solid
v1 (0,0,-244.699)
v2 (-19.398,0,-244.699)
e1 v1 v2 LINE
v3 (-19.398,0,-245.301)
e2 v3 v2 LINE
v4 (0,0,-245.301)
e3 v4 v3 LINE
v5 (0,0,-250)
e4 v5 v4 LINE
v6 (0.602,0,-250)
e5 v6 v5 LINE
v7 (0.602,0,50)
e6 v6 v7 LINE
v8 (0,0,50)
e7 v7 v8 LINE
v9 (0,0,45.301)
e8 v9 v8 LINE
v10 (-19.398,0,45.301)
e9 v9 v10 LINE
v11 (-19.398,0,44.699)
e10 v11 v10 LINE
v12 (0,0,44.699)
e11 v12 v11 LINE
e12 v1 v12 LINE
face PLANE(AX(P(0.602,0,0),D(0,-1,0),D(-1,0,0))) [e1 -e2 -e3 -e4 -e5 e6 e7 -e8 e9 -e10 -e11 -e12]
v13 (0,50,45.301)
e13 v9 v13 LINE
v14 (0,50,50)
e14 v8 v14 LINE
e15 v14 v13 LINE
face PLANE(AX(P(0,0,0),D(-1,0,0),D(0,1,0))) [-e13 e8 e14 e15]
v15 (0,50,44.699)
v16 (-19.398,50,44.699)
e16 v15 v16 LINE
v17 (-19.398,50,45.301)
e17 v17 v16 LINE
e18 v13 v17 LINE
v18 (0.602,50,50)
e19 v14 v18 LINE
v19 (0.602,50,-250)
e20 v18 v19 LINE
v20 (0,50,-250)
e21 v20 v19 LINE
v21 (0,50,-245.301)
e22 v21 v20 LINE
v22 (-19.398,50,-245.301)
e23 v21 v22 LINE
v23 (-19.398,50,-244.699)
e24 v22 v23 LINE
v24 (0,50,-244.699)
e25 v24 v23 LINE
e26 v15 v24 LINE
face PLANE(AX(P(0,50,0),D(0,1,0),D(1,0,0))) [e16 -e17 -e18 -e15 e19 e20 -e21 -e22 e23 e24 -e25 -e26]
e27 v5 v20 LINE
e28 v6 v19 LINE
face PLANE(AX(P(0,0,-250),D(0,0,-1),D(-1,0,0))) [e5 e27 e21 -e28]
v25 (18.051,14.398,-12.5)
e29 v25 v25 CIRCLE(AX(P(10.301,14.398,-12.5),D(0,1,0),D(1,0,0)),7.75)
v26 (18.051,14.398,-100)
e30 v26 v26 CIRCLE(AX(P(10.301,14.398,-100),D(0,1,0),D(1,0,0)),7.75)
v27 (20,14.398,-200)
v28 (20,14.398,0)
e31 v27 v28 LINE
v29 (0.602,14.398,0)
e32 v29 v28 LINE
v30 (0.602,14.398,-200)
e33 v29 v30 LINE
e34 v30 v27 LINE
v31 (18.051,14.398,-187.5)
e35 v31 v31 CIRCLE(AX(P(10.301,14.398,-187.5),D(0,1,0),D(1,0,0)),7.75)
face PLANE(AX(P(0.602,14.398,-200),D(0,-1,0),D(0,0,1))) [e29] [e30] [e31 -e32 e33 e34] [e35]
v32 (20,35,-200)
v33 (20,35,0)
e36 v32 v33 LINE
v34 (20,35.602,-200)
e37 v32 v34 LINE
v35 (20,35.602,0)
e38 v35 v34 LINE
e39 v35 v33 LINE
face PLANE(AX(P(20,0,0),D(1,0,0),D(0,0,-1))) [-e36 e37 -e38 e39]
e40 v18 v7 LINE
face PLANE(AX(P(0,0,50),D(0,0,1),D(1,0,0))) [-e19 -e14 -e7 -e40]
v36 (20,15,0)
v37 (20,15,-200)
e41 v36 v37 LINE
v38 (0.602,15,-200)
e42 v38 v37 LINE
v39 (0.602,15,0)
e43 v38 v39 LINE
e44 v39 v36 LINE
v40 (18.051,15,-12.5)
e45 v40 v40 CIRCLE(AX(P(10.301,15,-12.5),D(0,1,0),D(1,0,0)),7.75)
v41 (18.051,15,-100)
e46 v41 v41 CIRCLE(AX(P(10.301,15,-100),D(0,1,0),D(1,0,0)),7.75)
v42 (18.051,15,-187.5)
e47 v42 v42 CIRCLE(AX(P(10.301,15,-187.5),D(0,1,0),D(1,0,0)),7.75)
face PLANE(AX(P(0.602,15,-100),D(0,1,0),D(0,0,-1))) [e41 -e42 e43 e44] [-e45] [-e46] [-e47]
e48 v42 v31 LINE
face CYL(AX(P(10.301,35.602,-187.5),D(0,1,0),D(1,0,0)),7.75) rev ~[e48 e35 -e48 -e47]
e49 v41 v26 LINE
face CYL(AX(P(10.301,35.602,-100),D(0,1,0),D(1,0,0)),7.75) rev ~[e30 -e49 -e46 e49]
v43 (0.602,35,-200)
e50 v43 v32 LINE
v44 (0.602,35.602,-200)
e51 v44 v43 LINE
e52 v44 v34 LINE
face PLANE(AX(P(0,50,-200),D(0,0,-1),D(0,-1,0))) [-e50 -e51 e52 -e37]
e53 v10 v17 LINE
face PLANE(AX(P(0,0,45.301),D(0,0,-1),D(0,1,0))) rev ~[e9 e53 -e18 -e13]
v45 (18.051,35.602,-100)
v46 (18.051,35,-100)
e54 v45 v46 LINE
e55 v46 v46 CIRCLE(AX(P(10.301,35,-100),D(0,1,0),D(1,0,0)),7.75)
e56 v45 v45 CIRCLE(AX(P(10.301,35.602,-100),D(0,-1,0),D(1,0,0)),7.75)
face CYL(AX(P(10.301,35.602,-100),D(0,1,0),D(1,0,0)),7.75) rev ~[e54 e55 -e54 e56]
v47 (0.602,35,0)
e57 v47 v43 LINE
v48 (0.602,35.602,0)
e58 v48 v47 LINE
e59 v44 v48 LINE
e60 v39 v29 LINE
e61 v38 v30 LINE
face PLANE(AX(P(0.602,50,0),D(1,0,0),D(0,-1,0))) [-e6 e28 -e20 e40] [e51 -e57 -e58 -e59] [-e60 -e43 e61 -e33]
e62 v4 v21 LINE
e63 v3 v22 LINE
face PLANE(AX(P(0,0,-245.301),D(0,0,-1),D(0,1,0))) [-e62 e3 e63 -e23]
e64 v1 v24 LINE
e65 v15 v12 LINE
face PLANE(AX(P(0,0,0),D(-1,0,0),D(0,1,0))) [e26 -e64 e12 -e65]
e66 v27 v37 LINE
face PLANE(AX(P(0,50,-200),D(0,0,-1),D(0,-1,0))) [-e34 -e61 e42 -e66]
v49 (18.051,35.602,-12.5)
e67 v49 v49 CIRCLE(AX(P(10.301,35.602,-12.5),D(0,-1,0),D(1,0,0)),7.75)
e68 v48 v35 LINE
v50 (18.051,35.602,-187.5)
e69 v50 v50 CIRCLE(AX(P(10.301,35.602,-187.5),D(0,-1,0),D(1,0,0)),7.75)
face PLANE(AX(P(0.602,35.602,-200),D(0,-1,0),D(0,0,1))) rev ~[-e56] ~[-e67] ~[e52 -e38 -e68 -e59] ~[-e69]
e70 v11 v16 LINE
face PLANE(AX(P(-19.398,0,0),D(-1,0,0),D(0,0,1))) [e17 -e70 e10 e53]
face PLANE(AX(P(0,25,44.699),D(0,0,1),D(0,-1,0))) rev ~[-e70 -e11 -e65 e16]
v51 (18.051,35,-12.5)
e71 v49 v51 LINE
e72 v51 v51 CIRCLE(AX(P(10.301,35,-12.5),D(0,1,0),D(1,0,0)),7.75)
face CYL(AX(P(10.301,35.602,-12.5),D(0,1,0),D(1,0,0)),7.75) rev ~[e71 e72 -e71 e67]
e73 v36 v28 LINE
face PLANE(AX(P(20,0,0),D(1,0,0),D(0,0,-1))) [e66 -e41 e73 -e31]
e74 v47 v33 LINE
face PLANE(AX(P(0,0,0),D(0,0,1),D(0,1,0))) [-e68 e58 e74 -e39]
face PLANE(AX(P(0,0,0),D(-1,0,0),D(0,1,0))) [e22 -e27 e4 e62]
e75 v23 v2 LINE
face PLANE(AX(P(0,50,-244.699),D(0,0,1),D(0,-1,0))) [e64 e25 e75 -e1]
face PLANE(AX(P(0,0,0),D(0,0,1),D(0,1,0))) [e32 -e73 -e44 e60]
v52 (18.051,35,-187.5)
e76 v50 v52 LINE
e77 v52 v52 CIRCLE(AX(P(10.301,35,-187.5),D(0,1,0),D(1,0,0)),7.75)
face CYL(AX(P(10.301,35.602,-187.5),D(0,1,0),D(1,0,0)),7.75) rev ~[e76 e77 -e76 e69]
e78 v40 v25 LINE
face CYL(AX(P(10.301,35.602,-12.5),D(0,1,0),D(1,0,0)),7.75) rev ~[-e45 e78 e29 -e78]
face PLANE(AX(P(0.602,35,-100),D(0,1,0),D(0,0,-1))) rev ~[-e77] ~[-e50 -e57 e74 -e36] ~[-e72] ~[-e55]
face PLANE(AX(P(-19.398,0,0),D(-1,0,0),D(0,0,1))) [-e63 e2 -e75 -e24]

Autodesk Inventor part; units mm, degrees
ref_plane "YZ Plane" through (0, 0, 0) normal (1, 0, 0) x (0, 1, 0)
ref_plane "XZ Plane" through (0, 0, 0) normal (0, 1, 0) x (-1, 0, 0)
ref_plane "XY Plane" through (0, 0, 0) normal (0, 0, 1) x (1, 0, 0)
sketch "Sketch1" plane through (0, 0, 0) normal (1, 0, 0) x (0, 1, 0)
  line L0 (0, 0) -> (50, 0)
  line L1 (50, 0) -> (50, -200)
  line L2 (50, -200) -> (0, -200)
  line L3 (0, -200) -> (0, 0)
  dimension "d0" = 50
  dimension "d1" = 200
extrude "Extrusion1" add sketch "Sketch1" along normal blind 0.602
sketch "Sketch2" plane through (0.602, 0, 0) normal (1, 0, 0) x (0, 0, -1)
  line L0 (200, 50) -> (0, 50) projected
  line L1 (0, 50) -> (100, 50)
  line L2 (100, 50) -> (100, 35)
  line L3 (0, 0) -> (100, 0)
  line L4 (100, 0) -> (100, 15)
  line L5 (100, 35) -> (200, 35)
  line L6 (200, 0) -> (200, 50) projected
  line L7 (200, 35) -> (200, 35.602)
  line L8 (200, 35.602) -> (0, 35.602)
  line L9 (0, 50) -> (0, 0) projected
  line L10 (0, 35.602) -> (0, 35)
  line L11 (0, 35) -> (100, 35)
  line L12 (100, 15) -> (200, 15)
  line L13 (200, 15) -> (200, 14.398)
  line L14 (200, 14.398) -> (0, 14.398)
  line L15 (0, 14.398) -> (0, 15)
  line L16 (0, 15) -> (100, 15)
  dimension "d4" = 100
  dimension "d5" = 15
  dimension "d6" = 100
  dimension "d7" = 15
  dimension "d9" = 200
  dimension "d13" = 200
extrude "Extrusion2" add sketch "Sketch2" along normal blind 19.398 contours L6 L5 L2 L8 | L2 L11 L9 L8 | L6 L14 L4 L12 | L4 L14 L9 L16
sketch "Sketch4" plane through (0.602, 35.602, 0) normal (0, 1, 0) x (1, 0, 0)
  line L0 (-0.602, 0) -> (0, 0) projected
  line L1 (0, 0) -> (0, 12.5)
  line L2 (0, 5) -> (0, 0) projected
  line L3 (0, 12.5) -> (9.699, 12.5)
  line L4 (9.699, 12.5) -> (9.699, 100)
  line L5 (9.699, 100) -> (9.699, 187.5)
  circle A0 centre (9.699, 12.5) radius 7.75
  circle A1 centre (9.699, 100) radius 7.75
  circle A2 centre (9.699, 187.5) radius 7.75
  dimension "d33" = 12.5
  dimension "d34" = 9.699
  dimension "d39" = 15.5
  dimension "d40" = 15.5
  dimension "d41" = 15.5
  dimension "d49" = 87.5
  dimension "d50" = 87.5
extrude "Extrusion4" cut sketch "Sketch4" against normal through all
sketch "Sketch6" plane through (0.602, 15, -200) normal (0, 0, -1) x (-1, 0, 0)
  point P0 (0.602, -15)
sketch "Sketch7" plane through (0, 0, -200) normal (0, 0, -1) x (-1, 0, 0)
  point P0 (0, 0)
sketch "Sketch8" plane through (0, 0, -200) normal (0, 0, -1) x (-1, 0, 0)
  line L0 (-0.602, 50) -> (-0.602, 35.602) projected
  line L1 (-0.602, 50) -> (-0.602, 0)
  line L2 (-0.602, 0) -> (0, 0)
  line L3 (0, 0) -> (0, 50)
  line L4 (0, 50) -> (-0.602, 50)
extrude "Extrusion6" add sketch "Sketch8" along normal blind 50
sketch "Sketch9" plane through (0, 0, 0) normal (0, 0, 1) x (1, 0, 0)
  line L0 (0, 0) -> (0, 50) projected
  line L1 (0, 0) -> (0, 50)
  line L2 (0, 50) -> (0.602, 50)
  line L3 (0.602, 50) -> (0.602, 0)
  line L4 (0.602, 0) -> (0, 0)
  dimension "d53" = 0.602
extrude "Extrusion7" add sketch "Sketch9" along normal blind 50
sketch "Sketch10" plane through (0, 0, 0) normal (-1, 0, 0) x (0, 0, 1)
  line L0 (0, 0) -> (-100, 0)
  line L1 (-250, 0) -> (50, 0) projected
  line L2 (-100, 0) -> (-100, 25)
  line L3 (-100, 25) -> (45, 25)
  line L4 (-100, 25) -> (-245, 25)
  line L5 (45.301, 50) -> (44.699, 50)
  line L6 (44.699, 50) -> (44.699, 0)
  line L7 (44.699, 0) -> (45.301, 0)
  line L8 (45.301, 0) -> (45.301, 50)
  line L9 (45.301, 50) -> (44.699, 0) construction
  line L10 (44.699, 50) -> (45.301, 0) construction
  line L11 (-245.301, 50) -> (-244.699, 50)
  line L12 (-244.699, 50) -> (-244.699, 0)
  line L13 (-244.699, 0) -> (-245.301, 0)
  line L14 (-245.301, 0) -> (-245.301, 50)
  line L15 (-245.301, 50) -> (-244.699, 0) construction
  line L16 (-244.699, 50) -> (-245.301, 0) construction
  dimension "d56" = 100
  dimension "d57" = 25
  dimension "d58" = 145
  dimension "d59" = 145
  dimension "d60" = 0.602
  dimension "d61" = 50
  dimension "d62" = 0.602
  dimension "d63" = 50
extrude "Extrusion8" add sketch "Sketch10" along normal blind 19.398 contours L6 L5 L8 L1 | L1 L14 L11 L12
sketch "Sketch11" plane through (0, 0, 45.301) normal (0, 0, 1) x (1, 0, 0)
  line L0 (0, 0) -> (-19.398, 0) projected
  line L1 (-19.398, 50) -> (-19.398, 0) projected
  line L2 (-19.398, 0) -> (-19.398, 10)
  line L3 (-19.398, 10) -> (-9.699, 10)
  line L4 (-9.699, 10) -> (-9.699, 40)
  circle A0 centre (-9.699, 10) radius 7.75
  circle A1 centre (-9.699, 40) radius 7.75
  dimension "d71" = 10
  dimension "d72" = 30
  dimension "d73" = 15.5
  dimension "d74" = 15.5
extrude "Extrusion9" [suppressed]
sketch "Sketch12" plane through (0.602, 0, 0) normal (1, 0, 0) x (0, 0, -1)
  point P0 (0, 0)
sketch "Sketch13" plane through (0.602, 50, 50) normal (0, 1, 0) x (1, 0, 0)
  point P0 (-0.602, 50)
sketch "Sketch14" plane through (0.602, 50, 50) normal (0, 1, 0) x (1, 0, 0)
  point P0 (-0.602, 50)
sketch "Sketch15" plane through (0, 0, 0) normal (-1, 0, 0) x (0, 0, 1)
  point P0 (0, 0)
equation "\"BendRadius\" = Thickness"
equation "\"BendReliefWidth\" = Thickness"
equation "\"BendReliefDepth\" = 0.5 * Thickness"
equation "\"CornerReliefSize\" = 4 * Thickness"
equation "\"MinimumRemnant\" = 2 * Thickness"
equation "\"TransitionRadius\" = BendRadius"
equation "\"JacobiRadiusSize\" = BendRadius"
equation "\"GapSize\" = Thickness"
equation "\"Thickness\" = 0.602"
properties part number "claw platform" material "Steel, Galvanized"
